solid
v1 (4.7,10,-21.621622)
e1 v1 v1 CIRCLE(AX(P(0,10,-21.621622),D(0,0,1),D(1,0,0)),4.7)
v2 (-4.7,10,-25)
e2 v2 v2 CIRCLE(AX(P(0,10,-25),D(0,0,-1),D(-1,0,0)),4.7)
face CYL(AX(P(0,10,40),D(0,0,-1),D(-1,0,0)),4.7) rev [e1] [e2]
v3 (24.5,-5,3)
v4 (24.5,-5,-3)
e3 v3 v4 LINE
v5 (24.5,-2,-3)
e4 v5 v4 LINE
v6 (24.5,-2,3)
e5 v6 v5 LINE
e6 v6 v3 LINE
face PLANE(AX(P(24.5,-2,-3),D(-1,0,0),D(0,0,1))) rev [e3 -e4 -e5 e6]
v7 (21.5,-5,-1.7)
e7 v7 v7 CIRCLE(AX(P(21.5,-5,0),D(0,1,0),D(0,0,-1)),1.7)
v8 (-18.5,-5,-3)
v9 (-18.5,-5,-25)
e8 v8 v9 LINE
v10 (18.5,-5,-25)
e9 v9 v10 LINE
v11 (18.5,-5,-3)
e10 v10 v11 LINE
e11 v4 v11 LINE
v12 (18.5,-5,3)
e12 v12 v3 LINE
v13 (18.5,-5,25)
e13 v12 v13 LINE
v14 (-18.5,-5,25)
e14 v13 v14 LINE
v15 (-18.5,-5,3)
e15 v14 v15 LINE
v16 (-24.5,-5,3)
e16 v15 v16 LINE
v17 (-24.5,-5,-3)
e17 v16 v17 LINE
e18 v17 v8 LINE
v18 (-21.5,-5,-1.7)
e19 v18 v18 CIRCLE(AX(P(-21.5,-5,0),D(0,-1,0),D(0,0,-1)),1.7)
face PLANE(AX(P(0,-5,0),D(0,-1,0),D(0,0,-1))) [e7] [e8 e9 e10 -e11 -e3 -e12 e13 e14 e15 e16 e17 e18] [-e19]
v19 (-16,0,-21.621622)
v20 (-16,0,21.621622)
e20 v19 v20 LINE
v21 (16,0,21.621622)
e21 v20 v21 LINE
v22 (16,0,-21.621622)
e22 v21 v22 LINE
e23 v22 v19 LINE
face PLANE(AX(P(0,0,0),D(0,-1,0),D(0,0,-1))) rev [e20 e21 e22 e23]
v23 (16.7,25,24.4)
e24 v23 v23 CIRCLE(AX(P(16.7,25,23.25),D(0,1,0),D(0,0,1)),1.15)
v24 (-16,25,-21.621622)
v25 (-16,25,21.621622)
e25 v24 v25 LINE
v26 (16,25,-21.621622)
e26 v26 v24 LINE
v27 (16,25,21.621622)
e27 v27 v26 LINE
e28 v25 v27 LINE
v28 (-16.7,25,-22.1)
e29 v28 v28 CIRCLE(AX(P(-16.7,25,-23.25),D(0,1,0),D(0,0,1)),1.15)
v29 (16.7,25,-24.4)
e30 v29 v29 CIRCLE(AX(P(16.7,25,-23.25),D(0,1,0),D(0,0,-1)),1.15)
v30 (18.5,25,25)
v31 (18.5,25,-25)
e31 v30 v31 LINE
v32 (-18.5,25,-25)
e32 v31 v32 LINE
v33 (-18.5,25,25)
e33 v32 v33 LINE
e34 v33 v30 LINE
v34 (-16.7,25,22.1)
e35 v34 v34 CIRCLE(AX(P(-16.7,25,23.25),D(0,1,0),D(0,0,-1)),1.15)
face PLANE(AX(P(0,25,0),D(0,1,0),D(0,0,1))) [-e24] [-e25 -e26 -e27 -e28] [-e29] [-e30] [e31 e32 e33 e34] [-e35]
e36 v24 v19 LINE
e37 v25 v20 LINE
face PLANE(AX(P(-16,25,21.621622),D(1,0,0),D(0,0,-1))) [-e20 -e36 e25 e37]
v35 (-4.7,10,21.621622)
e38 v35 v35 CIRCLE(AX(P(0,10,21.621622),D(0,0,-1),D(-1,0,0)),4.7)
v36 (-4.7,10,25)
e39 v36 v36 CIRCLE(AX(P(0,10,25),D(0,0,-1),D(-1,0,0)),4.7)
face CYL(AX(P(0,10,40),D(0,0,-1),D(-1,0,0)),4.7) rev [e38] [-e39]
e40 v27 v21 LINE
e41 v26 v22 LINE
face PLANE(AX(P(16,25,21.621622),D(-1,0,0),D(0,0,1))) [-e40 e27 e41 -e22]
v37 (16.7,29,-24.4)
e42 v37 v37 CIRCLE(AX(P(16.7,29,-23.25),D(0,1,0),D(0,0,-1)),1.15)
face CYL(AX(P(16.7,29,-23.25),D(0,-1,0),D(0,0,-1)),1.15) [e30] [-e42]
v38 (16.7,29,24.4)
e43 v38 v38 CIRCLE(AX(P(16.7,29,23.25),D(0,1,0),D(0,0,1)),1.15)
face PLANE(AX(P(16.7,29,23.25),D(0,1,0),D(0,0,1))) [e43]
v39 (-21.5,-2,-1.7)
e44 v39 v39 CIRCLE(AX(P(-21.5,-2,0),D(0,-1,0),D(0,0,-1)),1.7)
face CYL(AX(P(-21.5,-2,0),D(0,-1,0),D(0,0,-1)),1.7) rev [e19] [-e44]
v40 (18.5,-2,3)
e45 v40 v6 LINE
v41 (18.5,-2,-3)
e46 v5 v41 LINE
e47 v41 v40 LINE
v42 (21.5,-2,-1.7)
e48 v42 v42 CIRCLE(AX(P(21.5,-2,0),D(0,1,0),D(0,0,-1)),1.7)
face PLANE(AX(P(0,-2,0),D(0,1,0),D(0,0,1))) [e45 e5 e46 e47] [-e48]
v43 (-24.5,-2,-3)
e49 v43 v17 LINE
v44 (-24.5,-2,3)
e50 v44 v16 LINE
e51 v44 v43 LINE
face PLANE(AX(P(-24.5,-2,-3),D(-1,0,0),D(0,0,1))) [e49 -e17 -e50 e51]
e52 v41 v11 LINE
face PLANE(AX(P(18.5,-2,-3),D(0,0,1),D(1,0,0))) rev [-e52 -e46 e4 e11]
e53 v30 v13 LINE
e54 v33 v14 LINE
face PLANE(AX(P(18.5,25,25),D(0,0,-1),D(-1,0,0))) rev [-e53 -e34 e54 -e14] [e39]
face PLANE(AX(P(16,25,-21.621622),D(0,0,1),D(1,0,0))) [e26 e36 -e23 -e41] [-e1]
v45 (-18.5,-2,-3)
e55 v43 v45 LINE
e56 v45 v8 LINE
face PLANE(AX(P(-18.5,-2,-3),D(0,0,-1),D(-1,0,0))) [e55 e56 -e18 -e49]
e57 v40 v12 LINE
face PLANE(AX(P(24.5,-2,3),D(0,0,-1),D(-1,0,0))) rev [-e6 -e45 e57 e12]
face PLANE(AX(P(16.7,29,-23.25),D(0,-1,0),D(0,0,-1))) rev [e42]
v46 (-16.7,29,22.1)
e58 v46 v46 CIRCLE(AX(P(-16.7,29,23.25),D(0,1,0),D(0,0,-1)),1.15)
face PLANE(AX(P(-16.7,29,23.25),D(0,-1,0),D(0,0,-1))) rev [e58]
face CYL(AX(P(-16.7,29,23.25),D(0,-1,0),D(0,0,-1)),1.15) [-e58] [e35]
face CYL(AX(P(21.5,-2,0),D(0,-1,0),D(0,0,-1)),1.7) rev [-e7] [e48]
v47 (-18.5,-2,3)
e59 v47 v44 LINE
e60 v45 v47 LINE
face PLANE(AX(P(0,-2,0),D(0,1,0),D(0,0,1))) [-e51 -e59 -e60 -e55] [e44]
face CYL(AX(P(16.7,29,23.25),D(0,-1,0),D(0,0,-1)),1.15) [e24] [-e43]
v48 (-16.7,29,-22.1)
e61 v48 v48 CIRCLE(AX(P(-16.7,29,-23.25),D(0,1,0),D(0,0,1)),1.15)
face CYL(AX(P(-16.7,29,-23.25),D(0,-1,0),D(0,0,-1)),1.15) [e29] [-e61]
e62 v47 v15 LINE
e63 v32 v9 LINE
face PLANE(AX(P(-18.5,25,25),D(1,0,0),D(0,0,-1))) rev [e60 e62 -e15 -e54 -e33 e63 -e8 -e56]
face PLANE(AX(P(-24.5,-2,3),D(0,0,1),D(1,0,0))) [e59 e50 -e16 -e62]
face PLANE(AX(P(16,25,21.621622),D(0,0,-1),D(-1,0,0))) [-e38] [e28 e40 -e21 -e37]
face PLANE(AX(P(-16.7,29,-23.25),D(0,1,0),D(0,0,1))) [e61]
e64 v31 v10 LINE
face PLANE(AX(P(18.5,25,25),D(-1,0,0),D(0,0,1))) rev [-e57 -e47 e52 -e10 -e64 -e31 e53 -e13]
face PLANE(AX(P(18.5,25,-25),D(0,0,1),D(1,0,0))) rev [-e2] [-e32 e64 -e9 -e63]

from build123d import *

# Parameters (mm, degrees)
SKETCH2_W           = 37
SKETCH2_H           = 50
SKETCH2_W_2         = 32
SKETCH2_H_2         = 43.243243244
BOSS_EXTRUDE1_DEPTH = 25
SKETCH4_W           = 37
SKETCH4_H           = 50
BOSS_EXTRUDE2_DEPTH = 5
SKETCH5_R           = 4.7
CUT_EXTRUDE1_DEPTH  = 65
SKETCH6_R           = 1.15
BOSS_EXTRUDE3_DEPTH = 4
SKETCH7_R           = 1.7
BOSS_EXTRUDE4_DEPTH = 3


with BuildPart() as part:
    # Sketch2 → Boss-Extrude1 (new body)
    with BuildSketch(Plane(origin=(0, 0, 0), x_dir=(1, 0, 0), z_dir=(0, 1, 0))):
        Rectangle(SKETCH2_W, SKETCH2_H)
        Rectangle(SKETCH2_W_2, SKETCH2_H_2, mode=Mode.SUBTRACT)
    extrude(amount=BOSS_EXTRUDE1_DEPTH)

    # Sketch4 → Boss-Extrude2 (add)
    with BuildSketch(Plane.XZ):
        Rectangle(SKETCH4_W, SKETCH4_H)
    extrude(amount=BOSS_EXTRUDE2_DEPTH)

    # Sketch5 → Cut-Extrude1 (cut)
    with BuildSketch(Plane(origin=(0, 0, -25), x_dir=(-1, 0, 0), z_dir=(0, 0, -1))):
        with Locations((0, 10)):
            Circle(SKETCH5_R)
    extrude(amount=-CUT_EXTRUDE1_DEPTH, mode=Mode.SUBTRACT)

    # Sketch6 → Boss-Extrude3 (add)
    with BuildSketch(Plane(origin=(0, 25, 0), x_dir=(1, 0, 0), z_dir=(0, 1, 0))):
        with Locations(Location((-16.7, 23.25, 0), (0, 0, 270))):
            Circle(SKETCH6_R)
        with Locations(Location((16.7, 23.25, 0), (0, 0, 90))):
            Circle(SKETCH6_R)
        with Locations(Location((16.7, -23.25, 0), (0, 0, 270))):
            Circle(SKETCH6_R)
        with Locations(Location((-16.7, -23.25, 0), (0, 0, 90))):
            Circle(SKETCH6_R)
    extrude(amount=BOSS_EXTRUDE3_DEPTH)

    # Sketch7 → Boss-Extrude4 (add)
    with BuildSketch(Plane.XZ.offset(5)):
        Polygon((-18.5, 0), (-18.5, 3), (-24.5, 3), (-24.5, -3), (-18.5, -3), align=None)
        with Locations(Location((-21.5, 0, 0), (0, 0, 270))):
            Circle(SKETCH7_R, mode=Mode.SUBTRACT)
    boss_extrude4 = extrude(amount=-BOSS_EXTRUDE4_DEPTH)

    # Mirror1: Boss-Extrude4 across plane
    add(boss_extrude4.mirror(Plane(origin=(0, 0, 0), x_dir=(0, 0, 1), z_dir=(1, 0, 0))))


solid = part.part
